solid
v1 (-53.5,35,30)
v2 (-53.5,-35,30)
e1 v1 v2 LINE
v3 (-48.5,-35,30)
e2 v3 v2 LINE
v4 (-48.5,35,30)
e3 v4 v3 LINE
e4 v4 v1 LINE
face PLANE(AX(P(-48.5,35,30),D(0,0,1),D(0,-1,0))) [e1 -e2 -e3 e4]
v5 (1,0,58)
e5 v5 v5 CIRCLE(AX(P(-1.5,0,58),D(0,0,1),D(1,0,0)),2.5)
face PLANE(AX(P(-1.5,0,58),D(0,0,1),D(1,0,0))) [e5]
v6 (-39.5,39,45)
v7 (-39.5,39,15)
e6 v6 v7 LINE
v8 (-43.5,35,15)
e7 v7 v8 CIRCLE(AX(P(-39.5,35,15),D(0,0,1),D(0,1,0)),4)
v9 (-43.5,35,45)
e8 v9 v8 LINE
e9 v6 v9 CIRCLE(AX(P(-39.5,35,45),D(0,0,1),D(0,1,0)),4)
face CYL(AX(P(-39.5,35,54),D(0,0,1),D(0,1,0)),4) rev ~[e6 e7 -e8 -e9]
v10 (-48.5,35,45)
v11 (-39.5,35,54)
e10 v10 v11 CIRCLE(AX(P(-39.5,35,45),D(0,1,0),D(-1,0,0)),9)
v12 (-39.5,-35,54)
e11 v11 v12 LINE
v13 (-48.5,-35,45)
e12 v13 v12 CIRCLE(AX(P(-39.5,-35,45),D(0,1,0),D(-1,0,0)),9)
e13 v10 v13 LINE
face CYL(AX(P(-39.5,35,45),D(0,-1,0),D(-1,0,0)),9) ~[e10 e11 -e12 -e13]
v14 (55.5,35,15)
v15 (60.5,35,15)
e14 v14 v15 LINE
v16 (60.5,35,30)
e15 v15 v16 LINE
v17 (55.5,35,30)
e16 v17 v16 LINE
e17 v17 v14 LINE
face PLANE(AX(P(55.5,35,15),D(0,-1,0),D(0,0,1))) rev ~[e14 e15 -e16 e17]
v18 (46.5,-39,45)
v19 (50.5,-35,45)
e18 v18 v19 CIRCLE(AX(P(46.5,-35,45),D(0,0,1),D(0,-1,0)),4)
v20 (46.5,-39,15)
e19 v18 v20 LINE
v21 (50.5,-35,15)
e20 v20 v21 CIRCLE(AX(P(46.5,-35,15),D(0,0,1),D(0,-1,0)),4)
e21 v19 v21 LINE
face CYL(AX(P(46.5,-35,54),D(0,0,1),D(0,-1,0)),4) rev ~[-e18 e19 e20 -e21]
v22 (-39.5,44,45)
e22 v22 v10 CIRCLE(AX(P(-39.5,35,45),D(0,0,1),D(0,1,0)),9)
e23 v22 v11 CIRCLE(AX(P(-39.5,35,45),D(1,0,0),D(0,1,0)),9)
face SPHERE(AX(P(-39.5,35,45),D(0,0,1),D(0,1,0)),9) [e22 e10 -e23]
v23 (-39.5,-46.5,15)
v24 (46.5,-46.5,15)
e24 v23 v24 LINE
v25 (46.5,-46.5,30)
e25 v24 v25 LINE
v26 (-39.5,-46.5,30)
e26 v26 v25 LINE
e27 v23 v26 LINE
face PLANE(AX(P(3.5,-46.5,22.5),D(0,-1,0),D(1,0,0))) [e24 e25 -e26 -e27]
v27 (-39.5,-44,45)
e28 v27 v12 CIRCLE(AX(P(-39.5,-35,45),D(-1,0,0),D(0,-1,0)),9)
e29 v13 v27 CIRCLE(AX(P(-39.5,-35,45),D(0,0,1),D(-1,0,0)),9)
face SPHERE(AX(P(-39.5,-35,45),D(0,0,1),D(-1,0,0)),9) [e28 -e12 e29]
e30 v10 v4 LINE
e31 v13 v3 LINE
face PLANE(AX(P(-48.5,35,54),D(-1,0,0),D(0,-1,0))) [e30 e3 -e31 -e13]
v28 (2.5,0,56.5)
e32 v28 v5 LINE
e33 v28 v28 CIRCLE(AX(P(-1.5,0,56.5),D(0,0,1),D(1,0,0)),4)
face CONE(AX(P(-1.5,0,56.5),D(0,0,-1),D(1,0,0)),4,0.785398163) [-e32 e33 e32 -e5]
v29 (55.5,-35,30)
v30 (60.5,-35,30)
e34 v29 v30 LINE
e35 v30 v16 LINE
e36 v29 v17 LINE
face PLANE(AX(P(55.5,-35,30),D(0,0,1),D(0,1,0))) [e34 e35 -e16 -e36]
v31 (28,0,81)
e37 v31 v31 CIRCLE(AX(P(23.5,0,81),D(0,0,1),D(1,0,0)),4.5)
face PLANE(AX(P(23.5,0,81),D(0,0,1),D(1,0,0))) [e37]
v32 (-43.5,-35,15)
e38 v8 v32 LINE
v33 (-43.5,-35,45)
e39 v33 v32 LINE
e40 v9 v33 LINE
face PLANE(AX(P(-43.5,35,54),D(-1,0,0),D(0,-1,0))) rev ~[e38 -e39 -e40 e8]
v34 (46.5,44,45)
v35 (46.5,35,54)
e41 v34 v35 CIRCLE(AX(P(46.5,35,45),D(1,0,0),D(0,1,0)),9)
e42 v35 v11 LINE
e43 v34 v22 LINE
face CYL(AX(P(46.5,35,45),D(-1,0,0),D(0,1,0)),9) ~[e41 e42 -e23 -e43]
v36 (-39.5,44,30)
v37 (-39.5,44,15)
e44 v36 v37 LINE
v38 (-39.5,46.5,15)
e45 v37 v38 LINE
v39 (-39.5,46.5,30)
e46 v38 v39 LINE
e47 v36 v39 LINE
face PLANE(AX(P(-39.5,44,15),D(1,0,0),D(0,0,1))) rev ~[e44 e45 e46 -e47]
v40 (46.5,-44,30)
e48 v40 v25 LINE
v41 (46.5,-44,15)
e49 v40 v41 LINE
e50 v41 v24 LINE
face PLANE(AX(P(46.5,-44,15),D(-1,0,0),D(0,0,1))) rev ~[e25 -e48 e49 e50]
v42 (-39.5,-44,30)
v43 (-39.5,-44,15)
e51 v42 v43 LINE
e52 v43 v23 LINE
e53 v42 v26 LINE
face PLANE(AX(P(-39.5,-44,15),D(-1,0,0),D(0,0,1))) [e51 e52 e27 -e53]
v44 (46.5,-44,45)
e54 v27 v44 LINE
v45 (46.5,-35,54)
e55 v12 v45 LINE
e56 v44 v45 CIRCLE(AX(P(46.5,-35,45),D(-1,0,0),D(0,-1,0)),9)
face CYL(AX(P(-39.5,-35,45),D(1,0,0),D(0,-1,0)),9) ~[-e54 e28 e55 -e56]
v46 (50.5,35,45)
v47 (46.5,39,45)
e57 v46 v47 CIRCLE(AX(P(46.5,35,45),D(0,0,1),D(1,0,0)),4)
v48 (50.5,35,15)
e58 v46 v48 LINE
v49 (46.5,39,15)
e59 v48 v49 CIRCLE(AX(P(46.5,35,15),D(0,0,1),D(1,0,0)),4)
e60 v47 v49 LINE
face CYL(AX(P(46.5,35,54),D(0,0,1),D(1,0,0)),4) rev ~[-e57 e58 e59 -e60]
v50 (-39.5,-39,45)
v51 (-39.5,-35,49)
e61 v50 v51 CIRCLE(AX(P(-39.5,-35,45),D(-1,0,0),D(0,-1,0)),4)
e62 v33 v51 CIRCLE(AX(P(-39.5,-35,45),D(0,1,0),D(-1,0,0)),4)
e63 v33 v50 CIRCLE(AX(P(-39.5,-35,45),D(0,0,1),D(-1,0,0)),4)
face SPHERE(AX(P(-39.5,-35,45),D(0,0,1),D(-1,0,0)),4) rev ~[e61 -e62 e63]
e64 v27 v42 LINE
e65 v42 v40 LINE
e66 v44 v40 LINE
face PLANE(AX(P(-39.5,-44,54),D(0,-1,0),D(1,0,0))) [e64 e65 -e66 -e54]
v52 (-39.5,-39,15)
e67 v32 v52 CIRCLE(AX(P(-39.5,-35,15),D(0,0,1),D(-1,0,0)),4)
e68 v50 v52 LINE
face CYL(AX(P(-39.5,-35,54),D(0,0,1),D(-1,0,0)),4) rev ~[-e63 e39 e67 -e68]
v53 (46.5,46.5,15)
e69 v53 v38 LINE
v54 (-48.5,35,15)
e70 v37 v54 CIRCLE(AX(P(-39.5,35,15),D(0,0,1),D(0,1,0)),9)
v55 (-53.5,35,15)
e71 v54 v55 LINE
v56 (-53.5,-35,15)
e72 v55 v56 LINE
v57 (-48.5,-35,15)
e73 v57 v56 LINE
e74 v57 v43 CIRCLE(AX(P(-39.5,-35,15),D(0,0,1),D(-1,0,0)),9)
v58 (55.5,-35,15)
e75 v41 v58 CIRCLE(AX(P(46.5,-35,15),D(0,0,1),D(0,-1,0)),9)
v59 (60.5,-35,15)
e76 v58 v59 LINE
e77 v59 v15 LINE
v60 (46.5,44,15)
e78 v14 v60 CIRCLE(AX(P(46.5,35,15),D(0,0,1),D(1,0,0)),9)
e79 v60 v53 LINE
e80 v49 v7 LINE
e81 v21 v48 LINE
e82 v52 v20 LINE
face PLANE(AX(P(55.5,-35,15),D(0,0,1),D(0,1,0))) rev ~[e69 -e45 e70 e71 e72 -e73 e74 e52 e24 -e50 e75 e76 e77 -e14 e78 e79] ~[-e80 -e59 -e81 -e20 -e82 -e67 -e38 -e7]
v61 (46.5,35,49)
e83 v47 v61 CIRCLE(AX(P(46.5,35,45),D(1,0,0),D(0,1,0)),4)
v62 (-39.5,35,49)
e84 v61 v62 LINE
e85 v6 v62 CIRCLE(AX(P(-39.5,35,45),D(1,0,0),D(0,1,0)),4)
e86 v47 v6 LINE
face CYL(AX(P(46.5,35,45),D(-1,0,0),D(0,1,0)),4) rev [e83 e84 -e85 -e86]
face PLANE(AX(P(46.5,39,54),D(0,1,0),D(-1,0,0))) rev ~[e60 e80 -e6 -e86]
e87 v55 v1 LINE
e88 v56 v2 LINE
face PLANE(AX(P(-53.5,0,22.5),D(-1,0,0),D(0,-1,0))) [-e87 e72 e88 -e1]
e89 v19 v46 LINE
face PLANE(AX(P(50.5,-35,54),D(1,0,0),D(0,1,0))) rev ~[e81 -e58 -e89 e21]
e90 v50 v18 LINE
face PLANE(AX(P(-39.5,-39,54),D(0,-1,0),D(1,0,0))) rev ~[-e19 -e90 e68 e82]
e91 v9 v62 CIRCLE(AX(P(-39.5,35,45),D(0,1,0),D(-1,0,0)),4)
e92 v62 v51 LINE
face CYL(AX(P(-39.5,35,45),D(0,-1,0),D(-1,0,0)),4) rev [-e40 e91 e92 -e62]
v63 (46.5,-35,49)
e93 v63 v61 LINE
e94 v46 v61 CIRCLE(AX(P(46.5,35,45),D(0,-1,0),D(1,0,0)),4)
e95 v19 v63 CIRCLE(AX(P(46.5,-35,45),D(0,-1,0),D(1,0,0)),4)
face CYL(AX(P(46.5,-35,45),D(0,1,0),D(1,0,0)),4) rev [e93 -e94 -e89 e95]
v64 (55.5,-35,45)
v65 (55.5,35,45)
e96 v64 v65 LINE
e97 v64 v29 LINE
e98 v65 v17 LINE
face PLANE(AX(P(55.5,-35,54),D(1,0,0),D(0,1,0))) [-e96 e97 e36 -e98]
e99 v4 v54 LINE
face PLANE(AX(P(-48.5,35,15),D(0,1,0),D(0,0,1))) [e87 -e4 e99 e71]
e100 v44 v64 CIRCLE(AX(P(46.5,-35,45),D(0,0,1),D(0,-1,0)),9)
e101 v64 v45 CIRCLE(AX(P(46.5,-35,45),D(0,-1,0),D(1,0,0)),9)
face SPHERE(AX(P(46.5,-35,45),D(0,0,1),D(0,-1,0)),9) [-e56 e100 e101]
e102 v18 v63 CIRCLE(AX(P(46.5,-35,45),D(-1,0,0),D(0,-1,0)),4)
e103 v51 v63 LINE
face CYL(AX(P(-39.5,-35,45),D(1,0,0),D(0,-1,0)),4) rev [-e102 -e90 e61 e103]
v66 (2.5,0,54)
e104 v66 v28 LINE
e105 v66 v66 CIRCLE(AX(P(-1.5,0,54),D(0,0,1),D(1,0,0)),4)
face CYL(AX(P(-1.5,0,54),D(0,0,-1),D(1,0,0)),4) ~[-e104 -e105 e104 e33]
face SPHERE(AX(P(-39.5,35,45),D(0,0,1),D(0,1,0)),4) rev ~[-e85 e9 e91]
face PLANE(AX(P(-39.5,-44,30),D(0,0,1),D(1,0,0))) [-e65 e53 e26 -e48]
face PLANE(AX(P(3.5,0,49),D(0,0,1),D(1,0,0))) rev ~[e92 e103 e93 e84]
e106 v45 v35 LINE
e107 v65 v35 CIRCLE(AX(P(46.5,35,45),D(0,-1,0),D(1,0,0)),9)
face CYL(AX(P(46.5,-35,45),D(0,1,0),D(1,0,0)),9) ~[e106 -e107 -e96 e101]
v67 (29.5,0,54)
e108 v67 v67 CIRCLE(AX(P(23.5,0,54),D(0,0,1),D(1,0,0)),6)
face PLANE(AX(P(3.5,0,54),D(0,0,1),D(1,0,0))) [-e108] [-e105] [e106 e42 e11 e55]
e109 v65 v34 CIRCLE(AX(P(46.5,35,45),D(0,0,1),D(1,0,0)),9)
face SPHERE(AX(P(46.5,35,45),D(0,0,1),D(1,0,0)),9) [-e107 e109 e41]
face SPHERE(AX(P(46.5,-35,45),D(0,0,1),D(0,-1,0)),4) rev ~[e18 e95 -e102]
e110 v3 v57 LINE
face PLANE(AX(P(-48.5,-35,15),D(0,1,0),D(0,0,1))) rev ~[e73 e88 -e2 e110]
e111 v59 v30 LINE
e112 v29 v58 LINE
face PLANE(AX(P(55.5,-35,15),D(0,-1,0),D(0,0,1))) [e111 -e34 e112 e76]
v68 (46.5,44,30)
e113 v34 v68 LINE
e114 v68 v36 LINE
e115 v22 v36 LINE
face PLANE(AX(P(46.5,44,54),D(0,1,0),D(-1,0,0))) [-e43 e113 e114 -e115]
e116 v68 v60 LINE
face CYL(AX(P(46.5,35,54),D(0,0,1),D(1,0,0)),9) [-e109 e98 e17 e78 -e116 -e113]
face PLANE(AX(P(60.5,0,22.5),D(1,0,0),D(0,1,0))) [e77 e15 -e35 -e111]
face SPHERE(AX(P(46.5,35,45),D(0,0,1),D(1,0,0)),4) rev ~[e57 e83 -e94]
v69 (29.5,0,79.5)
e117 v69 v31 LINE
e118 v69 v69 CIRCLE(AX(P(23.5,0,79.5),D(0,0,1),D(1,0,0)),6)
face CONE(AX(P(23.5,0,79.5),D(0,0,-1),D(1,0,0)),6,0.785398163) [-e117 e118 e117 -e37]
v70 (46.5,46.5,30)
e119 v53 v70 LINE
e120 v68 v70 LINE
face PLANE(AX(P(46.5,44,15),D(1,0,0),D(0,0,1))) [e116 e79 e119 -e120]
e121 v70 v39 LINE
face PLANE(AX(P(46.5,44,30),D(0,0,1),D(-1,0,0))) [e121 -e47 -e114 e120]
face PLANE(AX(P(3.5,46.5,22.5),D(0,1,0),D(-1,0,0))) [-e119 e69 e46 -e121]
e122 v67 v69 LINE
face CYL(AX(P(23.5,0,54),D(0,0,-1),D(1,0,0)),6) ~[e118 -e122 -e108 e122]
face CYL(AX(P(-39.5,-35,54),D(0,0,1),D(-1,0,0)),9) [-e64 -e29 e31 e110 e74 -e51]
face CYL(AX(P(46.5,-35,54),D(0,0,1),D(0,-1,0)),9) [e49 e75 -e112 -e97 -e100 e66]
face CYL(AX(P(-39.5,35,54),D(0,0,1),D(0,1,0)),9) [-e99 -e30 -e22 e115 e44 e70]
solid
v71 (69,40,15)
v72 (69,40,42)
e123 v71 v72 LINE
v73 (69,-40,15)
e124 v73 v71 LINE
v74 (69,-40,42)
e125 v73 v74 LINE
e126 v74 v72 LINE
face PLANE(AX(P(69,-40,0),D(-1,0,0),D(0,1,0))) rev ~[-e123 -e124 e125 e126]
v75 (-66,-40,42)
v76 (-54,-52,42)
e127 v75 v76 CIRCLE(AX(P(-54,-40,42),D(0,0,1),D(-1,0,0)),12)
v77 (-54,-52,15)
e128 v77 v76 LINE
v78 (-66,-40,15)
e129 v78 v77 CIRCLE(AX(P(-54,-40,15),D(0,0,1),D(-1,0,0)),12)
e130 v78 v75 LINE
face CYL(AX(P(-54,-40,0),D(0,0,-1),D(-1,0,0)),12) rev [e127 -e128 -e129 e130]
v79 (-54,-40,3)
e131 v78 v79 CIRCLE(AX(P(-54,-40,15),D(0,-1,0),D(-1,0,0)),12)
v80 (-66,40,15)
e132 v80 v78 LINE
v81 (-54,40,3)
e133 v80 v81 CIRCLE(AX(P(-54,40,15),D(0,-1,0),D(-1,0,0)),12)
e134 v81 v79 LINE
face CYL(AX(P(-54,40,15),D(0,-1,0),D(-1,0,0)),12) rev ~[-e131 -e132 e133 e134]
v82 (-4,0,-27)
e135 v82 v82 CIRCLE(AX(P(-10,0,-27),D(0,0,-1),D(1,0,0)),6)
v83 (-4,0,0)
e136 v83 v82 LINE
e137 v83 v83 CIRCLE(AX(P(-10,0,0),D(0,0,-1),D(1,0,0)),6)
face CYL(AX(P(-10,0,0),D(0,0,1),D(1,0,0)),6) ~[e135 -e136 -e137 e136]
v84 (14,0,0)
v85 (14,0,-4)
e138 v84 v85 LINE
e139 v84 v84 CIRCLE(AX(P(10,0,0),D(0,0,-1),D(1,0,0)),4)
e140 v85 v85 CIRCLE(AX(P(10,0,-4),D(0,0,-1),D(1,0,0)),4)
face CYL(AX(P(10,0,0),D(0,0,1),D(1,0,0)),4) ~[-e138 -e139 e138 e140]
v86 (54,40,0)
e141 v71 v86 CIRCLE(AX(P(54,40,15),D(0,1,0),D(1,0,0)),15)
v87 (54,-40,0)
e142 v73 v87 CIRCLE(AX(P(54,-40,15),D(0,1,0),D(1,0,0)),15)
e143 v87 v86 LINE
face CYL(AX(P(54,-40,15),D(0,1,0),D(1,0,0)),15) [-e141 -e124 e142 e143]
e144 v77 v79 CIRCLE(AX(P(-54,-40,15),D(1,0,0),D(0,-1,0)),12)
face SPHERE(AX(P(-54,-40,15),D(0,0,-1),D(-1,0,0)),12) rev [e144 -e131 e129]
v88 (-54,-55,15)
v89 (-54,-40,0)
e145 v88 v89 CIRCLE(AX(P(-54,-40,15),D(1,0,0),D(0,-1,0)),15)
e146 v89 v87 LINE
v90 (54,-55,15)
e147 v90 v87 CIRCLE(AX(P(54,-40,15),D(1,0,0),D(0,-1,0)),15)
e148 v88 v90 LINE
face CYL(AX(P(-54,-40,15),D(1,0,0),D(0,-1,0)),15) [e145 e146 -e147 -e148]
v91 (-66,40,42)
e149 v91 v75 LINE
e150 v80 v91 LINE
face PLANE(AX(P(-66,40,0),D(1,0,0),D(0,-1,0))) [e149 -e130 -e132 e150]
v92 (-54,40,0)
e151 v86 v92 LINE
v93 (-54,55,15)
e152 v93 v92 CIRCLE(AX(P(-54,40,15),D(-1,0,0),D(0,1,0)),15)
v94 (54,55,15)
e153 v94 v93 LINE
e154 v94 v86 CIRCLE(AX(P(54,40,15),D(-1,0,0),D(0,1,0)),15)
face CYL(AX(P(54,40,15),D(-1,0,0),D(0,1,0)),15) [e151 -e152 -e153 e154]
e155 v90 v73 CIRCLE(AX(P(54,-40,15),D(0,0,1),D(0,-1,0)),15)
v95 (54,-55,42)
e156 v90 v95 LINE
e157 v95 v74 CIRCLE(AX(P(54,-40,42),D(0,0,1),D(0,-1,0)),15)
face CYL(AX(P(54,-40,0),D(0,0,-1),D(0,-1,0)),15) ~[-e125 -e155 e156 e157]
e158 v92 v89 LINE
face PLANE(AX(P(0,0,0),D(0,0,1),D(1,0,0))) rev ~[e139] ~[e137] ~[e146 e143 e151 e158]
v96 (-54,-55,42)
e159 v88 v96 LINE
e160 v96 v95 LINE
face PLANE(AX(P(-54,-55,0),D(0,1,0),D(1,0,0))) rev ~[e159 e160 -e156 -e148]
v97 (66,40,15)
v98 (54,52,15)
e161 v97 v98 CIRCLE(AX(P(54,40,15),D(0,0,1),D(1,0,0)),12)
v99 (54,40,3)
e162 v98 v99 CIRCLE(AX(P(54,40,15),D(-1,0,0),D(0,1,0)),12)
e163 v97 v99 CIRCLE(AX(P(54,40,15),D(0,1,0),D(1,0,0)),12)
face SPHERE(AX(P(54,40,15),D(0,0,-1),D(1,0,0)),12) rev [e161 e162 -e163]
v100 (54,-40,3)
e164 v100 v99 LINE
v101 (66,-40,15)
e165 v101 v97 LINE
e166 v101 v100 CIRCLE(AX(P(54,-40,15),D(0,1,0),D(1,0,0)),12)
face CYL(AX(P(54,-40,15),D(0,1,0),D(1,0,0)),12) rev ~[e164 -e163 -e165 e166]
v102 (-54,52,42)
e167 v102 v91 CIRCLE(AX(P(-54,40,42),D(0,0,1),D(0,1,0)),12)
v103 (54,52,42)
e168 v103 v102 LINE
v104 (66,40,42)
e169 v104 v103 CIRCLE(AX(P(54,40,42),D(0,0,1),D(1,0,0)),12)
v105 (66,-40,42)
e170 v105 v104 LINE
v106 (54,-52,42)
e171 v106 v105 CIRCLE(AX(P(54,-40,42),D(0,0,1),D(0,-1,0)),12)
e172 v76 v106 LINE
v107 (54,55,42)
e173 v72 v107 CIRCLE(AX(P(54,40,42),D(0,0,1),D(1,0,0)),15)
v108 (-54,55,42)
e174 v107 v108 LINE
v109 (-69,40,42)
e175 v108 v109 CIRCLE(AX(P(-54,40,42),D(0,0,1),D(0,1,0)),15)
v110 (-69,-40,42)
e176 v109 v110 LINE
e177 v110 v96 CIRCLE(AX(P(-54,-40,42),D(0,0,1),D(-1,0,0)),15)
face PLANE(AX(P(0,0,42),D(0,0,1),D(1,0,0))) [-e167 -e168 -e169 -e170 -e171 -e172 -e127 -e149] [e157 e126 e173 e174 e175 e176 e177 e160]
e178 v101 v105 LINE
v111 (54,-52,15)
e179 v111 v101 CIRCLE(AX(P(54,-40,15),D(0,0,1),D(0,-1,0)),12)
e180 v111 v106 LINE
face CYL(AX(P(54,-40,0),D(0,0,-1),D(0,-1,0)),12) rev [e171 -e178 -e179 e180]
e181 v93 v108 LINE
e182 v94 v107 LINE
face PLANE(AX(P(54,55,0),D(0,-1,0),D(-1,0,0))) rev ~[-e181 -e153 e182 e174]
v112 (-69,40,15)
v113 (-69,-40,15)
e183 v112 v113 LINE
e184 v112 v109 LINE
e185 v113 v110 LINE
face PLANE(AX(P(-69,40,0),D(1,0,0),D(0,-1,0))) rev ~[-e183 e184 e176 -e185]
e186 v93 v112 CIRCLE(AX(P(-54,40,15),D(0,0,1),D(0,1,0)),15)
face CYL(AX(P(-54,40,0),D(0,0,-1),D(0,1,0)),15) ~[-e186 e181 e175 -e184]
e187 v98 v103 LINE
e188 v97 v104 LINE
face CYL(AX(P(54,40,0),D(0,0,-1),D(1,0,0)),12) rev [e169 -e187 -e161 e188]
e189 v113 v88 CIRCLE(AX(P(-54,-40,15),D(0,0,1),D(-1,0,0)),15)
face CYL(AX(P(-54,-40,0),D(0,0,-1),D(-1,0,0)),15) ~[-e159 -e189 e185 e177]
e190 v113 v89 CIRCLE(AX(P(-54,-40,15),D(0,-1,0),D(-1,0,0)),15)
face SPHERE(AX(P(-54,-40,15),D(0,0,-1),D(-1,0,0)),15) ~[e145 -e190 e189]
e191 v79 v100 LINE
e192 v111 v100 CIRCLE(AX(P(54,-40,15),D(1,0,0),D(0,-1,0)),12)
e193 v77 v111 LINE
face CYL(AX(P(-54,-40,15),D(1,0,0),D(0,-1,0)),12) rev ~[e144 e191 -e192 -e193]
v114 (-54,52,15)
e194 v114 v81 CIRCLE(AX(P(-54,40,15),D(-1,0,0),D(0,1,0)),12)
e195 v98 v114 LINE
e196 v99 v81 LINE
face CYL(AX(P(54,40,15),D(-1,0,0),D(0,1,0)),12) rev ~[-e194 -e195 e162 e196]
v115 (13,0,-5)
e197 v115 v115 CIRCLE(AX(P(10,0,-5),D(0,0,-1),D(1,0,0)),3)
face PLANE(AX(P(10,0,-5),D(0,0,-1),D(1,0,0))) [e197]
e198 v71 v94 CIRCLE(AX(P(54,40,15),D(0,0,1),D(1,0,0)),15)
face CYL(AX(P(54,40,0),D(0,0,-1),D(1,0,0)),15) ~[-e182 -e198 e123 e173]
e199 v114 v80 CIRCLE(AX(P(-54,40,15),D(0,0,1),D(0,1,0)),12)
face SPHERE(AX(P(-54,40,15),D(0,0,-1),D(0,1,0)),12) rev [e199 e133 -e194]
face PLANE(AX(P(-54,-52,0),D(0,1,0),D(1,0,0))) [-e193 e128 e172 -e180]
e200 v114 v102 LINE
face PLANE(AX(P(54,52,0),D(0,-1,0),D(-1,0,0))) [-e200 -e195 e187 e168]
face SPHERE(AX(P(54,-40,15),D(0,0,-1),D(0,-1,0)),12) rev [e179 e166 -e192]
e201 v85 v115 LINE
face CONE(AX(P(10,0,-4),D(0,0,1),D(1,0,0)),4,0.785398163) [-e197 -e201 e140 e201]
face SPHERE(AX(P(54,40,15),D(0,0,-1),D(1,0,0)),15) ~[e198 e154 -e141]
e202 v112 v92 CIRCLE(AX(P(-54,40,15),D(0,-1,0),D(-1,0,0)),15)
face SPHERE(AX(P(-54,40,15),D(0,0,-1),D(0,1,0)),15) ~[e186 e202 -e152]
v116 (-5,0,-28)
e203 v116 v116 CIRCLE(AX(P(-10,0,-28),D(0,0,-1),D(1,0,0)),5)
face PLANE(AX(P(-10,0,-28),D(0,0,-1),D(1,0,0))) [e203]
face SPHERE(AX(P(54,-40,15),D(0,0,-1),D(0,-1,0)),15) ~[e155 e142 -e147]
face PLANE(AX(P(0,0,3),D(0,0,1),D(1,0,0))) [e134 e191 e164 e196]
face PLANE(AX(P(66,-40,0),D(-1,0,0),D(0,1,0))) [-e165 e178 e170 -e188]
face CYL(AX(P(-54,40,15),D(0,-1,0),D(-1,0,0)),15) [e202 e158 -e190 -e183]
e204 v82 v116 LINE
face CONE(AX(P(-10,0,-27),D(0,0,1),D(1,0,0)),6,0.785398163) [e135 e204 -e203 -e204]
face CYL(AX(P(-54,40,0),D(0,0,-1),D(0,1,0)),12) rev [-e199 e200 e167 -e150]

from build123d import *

# Parameters (mm, degrees)
F1_DEPTH  = 42
F2_R      = 15
F3_T      = -3
F4_R      = 6
F5_DEPTH  = 28
F4_R_2    = 4
F6_DEPTH  = 5
F7_SIZE   = 1
F10_DEPTH = 39
F11_R     = 9
F12_T     = -5
F13_W     = 86
F13_H     = 15
F14_DEPTH = 2.5
F15_W     = 86
F15_H     = 15
F16_DEPTH = 2.5
F17_W     = 70
F17_H     = 15
F18_DEPTH = 5
F19_W     = 70
F19_H     = 15
F20_DEPTH = 5
F21_R     = 6
F22_DEPTH = 27
F21_R_2   = 4
F23_DEPTH = 4
F24_SIZE  = 1.5


with BuildPart() as f1:
    # F0 (on Top) → F1 (new body)
    with BuildSketch(Plane.XY):
        with BuildLine():
            Line((-54, -55), (54, -55))
            ThreePointArc((54, -55), (64.6066017178, -50.6066017178), (69, -40))
            Line((69, -40), (69, 40))
            ThreePointArc((69, 40), (64.6066017178, 50.6066017178), (54, 55))
            Line((54, 55), (-54, 55))
            ThreePointArc((-54, 55), (-64.6066017178, 50.6066017178), (-69, 40))
            Line((-69, 40), (-69, -40))
            ThreePointArc((-69, -40), (-64.6066017178, -50.6066017178), (-54, -55))
        make_face()
    extrude(amount=F1_DEPTH)

    # F2
    f2_edges = [f1.edges().sort_by_distance(p)[0] for p in [
        (0, -55, 0),
    ]]
    fillet(f2_edges, radius=F2_R)

    # F3
    f3_openings = [f1.faces().sort_by_distance(p)[0] for p in [
        (0, 0, 42),
    ]]
    offset(amount=F3_T, openings=f3_openings)

    # F4 (on face) → F5 (join)
    with BuildSketch(Plane(origin=(0, 0, 0), x_dir=(1, 0, 0), z_dir=(0, 0, -1))):
        with Locations((-10, 0)):
            Circle(F4_R)
    extrude(amount=F5_DEPTH)

    # F4 (on face) → F6 (join)
    with BuildSketch(Plane(origin=(0, 0, 0), x_dir=(1, 0, 0), z_dir=(0, 0, -1))):
        with Locations((10, 0)):
            Circle(F4_R_2)
    extrude(amount=F6_DEPTH)

    # F7
    f7_edges = [f1.edges().sort_by_distance(p)[0] for p in [
        (6, 0, -5),
        (-16, 0, -28),
    ]]
    chamfer(f7_edges, length=F7_SIZE)


with BuildPart() as f10:
    # F9 (on offset) → F10 (new body)
    with BuildSketch(Plane.XY.offset(54)):
        with BuildLine():
            ThreePointArc((-48.5, -35), (-45.8639610307, -41.3639610307), (-39.5, -44))
            Line((-39.5, -44), (46.5, -44))
            ThreePointArc((46.5, -44), (52.8639610307, -41.3639610307), (55.5, -35))
            Line((55.5, -35), (55.5, 35))
            ThreePointArc((55.5, 35), (52.8639610307, 41.3639610307), (46.5, 44))
            Line((46.5, 44), (-39.5, 44))
            ThreePointArc((-39.5, 44), (-45.8639610307, 41.3639610307), (-48.5, 35))
            Line((-48.5, 35), (-48.5, -35))
        make_face()
    extrude(amount=-F10_DEPTH)

    # F11
    f11_edges = [f10.edges().sort_by_distance(p)[0] for p in [
        (-48.5, 0, 54),
    ]]
    fillet(f11_edges, radius=F11_R)

    # F12
    f12_openings = [f10.faces().sort_by_distance(p)[0] for p in [
        (3.5, 0, 15),
    ]]
    offset(amount=F12_T, openings=f12_openings)

    # F13 (on face) → F14 (join)
    with BuildSketch(Plane.XZ.offset(44)):
        with Locations((3.5, 22.5)):
            Rectangle(F13_W, F13_H)
    extrude(amount=F14_DEPTH)

    # F15 (on face) → F16 (join)
    with BuildSketch(Plane(origin=(0, 44, 0), x_dir=(-1, 0, 0), z_dir=(0, 1, 0))):
        with Locations((-3.5, 22.5)):
            Rectangle(F15_W, F15_H)
    extrude(amount=F16_DEPTH)

    # F17 (on face) → F18 (join)
    with BuildSketch(Plane(origin=(-48.5, 0, 0), x_dir=(0, -1, 0), z_dir=(-1, 0, 0))):
        with Locations((0, 22.5)):
            Rectangle(F17_W, F17_H)
    extrude(amount=F18_DEPTH)

    # F19 (on face) → F20 (join)
    with BuildSketch(Plane.YZ.offset(55.5)):
        with Locations((0, 22.5)):
            Rectangle(F19_W, F19_H)
    extrude(amount=F20_DEPTH)

    # F21 (on face) → F22 (join)
    with BuildSketch(Plane.XY.offset(54)):
        with Locations((23.5, 0)):
            Circle(F21_R)
    extrude(amount=F22_DEPTH)

    # F21 (on face) → F23 (join)
    with BuildSketch(Plane.XY.offset(54)):
        with Locations((-1.5, 0)):
            Circle(F21_R_2)
    extrude(amount=F23_DEPTH)

    # F24
    f24_edges = [f10.edges().sort_by_distance(p)[0] for p in [
        (17.5, 0, 81),
        (-5.5, 0, 58),
    ]]
    chamfer(f24_edges, length=F24_SIZE)


solid = Compound([f1.part, f10.part])
